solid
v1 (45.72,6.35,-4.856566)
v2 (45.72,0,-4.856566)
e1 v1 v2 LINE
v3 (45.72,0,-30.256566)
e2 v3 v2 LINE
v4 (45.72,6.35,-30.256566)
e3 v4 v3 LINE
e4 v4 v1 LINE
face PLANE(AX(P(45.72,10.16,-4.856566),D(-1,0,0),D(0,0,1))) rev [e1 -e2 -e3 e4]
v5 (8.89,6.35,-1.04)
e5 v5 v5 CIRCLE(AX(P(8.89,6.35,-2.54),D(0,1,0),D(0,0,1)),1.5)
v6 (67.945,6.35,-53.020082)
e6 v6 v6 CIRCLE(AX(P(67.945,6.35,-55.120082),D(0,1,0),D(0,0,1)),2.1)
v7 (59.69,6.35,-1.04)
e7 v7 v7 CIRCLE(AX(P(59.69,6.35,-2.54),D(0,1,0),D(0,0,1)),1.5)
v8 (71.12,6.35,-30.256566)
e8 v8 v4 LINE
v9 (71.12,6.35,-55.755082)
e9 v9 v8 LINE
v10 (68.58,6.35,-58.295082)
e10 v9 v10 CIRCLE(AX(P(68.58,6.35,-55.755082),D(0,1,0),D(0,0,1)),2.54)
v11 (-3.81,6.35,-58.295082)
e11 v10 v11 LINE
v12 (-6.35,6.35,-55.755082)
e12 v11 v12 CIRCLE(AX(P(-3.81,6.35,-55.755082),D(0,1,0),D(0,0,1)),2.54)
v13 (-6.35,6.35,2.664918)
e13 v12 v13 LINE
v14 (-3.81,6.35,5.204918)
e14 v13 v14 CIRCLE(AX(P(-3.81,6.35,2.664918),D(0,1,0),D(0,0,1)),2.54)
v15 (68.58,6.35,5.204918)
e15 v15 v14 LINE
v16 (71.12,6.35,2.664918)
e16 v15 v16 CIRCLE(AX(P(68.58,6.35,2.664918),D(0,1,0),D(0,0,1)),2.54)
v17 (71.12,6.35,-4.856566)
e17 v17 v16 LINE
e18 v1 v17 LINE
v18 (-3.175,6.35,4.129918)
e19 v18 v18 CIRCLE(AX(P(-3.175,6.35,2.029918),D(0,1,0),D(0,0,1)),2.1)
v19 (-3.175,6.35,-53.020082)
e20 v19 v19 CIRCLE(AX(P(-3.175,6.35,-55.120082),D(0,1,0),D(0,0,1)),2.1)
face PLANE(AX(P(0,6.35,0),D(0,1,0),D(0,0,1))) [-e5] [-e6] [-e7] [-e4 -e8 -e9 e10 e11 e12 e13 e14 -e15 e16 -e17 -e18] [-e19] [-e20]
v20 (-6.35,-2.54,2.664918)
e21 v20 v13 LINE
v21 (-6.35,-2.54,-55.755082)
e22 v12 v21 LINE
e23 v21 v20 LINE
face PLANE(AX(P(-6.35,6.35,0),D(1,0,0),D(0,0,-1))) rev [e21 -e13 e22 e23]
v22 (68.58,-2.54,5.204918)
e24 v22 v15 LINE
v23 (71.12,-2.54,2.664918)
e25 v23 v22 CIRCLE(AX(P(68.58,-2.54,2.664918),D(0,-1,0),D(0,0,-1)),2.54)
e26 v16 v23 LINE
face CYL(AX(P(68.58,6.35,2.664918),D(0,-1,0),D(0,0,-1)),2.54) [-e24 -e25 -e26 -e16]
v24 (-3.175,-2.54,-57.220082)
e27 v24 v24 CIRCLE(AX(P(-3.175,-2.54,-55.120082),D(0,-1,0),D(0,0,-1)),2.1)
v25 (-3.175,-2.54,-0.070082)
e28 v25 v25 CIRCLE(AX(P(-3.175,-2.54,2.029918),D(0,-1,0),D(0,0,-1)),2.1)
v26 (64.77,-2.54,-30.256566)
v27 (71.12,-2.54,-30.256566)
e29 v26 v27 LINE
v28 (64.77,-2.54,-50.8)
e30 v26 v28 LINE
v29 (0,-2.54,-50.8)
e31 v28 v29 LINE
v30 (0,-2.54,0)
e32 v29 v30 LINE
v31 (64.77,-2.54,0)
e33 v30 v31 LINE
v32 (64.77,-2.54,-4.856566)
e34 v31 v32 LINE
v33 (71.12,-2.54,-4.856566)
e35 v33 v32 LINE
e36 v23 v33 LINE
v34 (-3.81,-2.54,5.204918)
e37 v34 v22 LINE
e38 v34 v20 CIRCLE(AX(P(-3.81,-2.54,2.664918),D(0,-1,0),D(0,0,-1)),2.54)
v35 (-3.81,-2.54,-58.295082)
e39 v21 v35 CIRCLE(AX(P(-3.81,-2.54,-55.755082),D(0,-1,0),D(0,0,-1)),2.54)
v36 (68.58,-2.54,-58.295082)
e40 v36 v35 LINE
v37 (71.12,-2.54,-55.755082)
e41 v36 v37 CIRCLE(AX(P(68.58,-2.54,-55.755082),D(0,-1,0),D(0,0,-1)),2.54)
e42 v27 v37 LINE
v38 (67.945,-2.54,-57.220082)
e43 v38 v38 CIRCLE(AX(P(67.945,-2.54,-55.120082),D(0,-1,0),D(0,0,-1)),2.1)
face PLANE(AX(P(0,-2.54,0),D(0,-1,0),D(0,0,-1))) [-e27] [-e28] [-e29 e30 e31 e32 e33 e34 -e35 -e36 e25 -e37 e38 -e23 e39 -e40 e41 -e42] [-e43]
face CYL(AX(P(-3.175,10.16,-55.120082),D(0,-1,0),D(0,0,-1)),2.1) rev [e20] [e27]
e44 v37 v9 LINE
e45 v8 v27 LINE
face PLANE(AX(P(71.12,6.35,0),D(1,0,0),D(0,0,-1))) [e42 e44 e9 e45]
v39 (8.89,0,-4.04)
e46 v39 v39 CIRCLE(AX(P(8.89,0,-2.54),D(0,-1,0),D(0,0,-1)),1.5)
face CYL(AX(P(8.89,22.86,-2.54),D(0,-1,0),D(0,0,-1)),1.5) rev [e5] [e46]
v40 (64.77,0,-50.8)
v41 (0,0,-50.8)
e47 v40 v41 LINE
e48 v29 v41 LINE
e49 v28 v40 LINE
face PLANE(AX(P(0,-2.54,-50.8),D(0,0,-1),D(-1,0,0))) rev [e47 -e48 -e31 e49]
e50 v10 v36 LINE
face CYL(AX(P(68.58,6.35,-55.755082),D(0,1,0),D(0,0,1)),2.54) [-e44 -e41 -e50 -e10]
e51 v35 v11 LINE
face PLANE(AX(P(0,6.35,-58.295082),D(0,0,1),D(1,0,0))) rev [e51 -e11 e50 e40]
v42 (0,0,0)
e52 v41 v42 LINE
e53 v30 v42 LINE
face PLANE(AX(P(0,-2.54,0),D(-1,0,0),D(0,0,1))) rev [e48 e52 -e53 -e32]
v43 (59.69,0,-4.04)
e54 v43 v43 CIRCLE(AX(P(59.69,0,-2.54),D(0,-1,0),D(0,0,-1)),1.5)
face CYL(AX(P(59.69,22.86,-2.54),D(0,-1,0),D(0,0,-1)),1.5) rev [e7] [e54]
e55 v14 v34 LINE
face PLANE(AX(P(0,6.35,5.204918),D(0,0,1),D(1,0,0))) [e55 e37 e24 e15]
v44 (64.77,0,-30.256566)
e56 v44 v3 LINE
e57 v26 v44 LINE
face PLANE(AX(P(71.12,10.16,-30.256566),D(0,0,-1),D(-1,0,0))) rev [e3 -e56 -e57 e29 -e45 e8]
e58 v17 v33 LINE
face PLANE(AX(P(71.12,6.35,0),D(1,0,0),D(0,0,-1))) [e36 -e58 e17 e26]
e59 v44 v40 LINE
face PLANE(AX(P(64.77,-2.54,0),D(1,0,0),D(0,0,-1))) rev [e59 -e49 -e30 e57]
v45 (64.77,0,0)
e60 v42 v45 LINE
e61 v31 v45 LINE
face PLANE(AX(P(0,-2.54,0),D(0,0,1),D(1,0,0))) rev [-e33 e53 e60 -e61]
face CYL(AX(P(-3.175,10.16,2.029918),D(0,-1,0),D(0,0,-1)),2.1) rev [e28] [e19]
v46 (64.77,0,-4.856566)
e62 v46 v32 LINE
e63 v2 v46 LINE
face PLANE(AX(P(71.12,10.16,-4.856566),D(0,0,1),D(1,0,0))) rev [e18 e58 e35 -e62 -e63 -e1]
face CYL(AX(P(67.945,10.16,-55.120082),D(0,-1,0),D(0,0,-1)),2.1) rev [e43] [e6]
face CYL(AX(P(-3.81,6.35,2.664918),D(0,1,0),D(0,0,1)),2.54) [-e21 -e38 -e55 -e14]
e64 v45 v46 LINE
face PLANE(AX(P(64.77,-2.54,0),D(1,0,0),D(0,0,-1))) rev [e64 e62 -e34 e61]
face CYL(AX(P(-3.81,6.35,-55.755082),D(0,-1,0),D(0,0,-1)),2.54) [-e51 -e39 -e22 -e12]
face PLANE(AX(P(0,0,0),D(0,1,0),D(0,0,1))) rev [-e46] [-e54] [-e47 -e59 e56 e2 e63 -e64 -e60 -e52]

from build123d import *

# Parameters (mm, degrees)
SKETCH1_W           = 77.47
SKETCH1_H           = 63.5
BOSS_EXTRUDE1_DEPTH = 6.35
SKETCH1_3_W         = 77.47
SKETCH1_3_H         = 63.5
SKETCH1_3_W_2       = 64.77
SKETCH1_3_H_2       = 50.8
BOSS_EXTRUDE2_DEPTH = 2.54
SKETCH2_W           = 25.4
SKETCH2_H           = 25.4
CUT_EXTRUDE1_DEPTH  = 12.7
SKETCH3_R           = 2.1
CUT_EXTRUDE2_DEPTH  = 12.7
FILLET1_R           = 2.54
SKETCH4_R           = 1.5
CUT_EXTRUDE3_DEPTH  = 22.86


with BuildPart() as part:
    # Sketch1 → Boss-Extrude1 (new body)
    with BuildSketch(Plane(origin=(0, 0, 0), x_dir=(1, 0, 0), z_dir=(0, 1, 0))):
        with Locations((32.385, 26.545081967)):
            Rectangle(SKETCH1_W, SKETCH1_H)
    extrude(amount=BOSS_EXTRUDE1_DEPTH)

    # Sketch1<3> → Boss-Extrude2 (add)
    with BuildSketch(Plane(origin=(0, 0, 0), x_dir=(1, 0, 0), z_dir=(0, 1, 0))):
        with Locations((32.385, 26.545081967)):
            Rectangle(SKETCH1_3_W, SKETCH1_3_H)
        with Locations((32.385, 25.4)):
            Rectangle(SKETCH1_3_W_2, SKETCH1_3_H_2, mode=Mode.SUBTRACT)
    extrude(amount=-BOSS_EXTRUDE2_DEPTH)

    # Sketch2 → Cut-Extrude1 (cut)
    with BuildSketch(Plane.XZ.offset(2.54)):
        with Locations((58.42, -17.556565957)):
            Rectangle(SKETCH2_W, SKETCH2_H)
    extrude(amount=-CUT_EXTRUDE1_DEPTH, mode=Mode.SUBTRACT)

    # Sketch3 → Cut-Extrude2 (cut)
    with BuildSketch(Plane.XZ.offset(2.54)):
        with Locations((-3.175, 2.029918033)):
            Circle(SKETCH3_R)
        with Locations((-3.175, -55.120081967)):
            Circle(SKETCH3_R)
        with Locations((67.945, -55.120081967)):
            Circle(SKETCH3_R)
    extrude(amount=-CUT_EXTRUDE2_DEPTH, mode=Mode.SUBTRACT)

    # Fillet1
    fillet1_edges = [part.edges().sort_by_distance(p)[0] for p in [
        (-6.35, 1.905, -58.295081967),
        (71.12, 1.905, -58.295081967),
        (71.12, 1.905, 5.204918033),
        (-6.35, 1.905, 5.204918033),
    ]]
    fillet(fillet1_edges, radius=FILLET1_R)

    # Sketch4 → Cut-Extrude3 (cut)
    with BuildSketch(Plane.XZ):
        with Locations((59.69, -2.54)):
            Circle(SKETCH4_R)
        with Locations((8.89, -2.54)):
            Circle(SKETCH4_R)
    extrude(amount=-CUT_EXTRUDE3_DEPTH, mode=Mode.SUBTRACT)


solid = part.part
